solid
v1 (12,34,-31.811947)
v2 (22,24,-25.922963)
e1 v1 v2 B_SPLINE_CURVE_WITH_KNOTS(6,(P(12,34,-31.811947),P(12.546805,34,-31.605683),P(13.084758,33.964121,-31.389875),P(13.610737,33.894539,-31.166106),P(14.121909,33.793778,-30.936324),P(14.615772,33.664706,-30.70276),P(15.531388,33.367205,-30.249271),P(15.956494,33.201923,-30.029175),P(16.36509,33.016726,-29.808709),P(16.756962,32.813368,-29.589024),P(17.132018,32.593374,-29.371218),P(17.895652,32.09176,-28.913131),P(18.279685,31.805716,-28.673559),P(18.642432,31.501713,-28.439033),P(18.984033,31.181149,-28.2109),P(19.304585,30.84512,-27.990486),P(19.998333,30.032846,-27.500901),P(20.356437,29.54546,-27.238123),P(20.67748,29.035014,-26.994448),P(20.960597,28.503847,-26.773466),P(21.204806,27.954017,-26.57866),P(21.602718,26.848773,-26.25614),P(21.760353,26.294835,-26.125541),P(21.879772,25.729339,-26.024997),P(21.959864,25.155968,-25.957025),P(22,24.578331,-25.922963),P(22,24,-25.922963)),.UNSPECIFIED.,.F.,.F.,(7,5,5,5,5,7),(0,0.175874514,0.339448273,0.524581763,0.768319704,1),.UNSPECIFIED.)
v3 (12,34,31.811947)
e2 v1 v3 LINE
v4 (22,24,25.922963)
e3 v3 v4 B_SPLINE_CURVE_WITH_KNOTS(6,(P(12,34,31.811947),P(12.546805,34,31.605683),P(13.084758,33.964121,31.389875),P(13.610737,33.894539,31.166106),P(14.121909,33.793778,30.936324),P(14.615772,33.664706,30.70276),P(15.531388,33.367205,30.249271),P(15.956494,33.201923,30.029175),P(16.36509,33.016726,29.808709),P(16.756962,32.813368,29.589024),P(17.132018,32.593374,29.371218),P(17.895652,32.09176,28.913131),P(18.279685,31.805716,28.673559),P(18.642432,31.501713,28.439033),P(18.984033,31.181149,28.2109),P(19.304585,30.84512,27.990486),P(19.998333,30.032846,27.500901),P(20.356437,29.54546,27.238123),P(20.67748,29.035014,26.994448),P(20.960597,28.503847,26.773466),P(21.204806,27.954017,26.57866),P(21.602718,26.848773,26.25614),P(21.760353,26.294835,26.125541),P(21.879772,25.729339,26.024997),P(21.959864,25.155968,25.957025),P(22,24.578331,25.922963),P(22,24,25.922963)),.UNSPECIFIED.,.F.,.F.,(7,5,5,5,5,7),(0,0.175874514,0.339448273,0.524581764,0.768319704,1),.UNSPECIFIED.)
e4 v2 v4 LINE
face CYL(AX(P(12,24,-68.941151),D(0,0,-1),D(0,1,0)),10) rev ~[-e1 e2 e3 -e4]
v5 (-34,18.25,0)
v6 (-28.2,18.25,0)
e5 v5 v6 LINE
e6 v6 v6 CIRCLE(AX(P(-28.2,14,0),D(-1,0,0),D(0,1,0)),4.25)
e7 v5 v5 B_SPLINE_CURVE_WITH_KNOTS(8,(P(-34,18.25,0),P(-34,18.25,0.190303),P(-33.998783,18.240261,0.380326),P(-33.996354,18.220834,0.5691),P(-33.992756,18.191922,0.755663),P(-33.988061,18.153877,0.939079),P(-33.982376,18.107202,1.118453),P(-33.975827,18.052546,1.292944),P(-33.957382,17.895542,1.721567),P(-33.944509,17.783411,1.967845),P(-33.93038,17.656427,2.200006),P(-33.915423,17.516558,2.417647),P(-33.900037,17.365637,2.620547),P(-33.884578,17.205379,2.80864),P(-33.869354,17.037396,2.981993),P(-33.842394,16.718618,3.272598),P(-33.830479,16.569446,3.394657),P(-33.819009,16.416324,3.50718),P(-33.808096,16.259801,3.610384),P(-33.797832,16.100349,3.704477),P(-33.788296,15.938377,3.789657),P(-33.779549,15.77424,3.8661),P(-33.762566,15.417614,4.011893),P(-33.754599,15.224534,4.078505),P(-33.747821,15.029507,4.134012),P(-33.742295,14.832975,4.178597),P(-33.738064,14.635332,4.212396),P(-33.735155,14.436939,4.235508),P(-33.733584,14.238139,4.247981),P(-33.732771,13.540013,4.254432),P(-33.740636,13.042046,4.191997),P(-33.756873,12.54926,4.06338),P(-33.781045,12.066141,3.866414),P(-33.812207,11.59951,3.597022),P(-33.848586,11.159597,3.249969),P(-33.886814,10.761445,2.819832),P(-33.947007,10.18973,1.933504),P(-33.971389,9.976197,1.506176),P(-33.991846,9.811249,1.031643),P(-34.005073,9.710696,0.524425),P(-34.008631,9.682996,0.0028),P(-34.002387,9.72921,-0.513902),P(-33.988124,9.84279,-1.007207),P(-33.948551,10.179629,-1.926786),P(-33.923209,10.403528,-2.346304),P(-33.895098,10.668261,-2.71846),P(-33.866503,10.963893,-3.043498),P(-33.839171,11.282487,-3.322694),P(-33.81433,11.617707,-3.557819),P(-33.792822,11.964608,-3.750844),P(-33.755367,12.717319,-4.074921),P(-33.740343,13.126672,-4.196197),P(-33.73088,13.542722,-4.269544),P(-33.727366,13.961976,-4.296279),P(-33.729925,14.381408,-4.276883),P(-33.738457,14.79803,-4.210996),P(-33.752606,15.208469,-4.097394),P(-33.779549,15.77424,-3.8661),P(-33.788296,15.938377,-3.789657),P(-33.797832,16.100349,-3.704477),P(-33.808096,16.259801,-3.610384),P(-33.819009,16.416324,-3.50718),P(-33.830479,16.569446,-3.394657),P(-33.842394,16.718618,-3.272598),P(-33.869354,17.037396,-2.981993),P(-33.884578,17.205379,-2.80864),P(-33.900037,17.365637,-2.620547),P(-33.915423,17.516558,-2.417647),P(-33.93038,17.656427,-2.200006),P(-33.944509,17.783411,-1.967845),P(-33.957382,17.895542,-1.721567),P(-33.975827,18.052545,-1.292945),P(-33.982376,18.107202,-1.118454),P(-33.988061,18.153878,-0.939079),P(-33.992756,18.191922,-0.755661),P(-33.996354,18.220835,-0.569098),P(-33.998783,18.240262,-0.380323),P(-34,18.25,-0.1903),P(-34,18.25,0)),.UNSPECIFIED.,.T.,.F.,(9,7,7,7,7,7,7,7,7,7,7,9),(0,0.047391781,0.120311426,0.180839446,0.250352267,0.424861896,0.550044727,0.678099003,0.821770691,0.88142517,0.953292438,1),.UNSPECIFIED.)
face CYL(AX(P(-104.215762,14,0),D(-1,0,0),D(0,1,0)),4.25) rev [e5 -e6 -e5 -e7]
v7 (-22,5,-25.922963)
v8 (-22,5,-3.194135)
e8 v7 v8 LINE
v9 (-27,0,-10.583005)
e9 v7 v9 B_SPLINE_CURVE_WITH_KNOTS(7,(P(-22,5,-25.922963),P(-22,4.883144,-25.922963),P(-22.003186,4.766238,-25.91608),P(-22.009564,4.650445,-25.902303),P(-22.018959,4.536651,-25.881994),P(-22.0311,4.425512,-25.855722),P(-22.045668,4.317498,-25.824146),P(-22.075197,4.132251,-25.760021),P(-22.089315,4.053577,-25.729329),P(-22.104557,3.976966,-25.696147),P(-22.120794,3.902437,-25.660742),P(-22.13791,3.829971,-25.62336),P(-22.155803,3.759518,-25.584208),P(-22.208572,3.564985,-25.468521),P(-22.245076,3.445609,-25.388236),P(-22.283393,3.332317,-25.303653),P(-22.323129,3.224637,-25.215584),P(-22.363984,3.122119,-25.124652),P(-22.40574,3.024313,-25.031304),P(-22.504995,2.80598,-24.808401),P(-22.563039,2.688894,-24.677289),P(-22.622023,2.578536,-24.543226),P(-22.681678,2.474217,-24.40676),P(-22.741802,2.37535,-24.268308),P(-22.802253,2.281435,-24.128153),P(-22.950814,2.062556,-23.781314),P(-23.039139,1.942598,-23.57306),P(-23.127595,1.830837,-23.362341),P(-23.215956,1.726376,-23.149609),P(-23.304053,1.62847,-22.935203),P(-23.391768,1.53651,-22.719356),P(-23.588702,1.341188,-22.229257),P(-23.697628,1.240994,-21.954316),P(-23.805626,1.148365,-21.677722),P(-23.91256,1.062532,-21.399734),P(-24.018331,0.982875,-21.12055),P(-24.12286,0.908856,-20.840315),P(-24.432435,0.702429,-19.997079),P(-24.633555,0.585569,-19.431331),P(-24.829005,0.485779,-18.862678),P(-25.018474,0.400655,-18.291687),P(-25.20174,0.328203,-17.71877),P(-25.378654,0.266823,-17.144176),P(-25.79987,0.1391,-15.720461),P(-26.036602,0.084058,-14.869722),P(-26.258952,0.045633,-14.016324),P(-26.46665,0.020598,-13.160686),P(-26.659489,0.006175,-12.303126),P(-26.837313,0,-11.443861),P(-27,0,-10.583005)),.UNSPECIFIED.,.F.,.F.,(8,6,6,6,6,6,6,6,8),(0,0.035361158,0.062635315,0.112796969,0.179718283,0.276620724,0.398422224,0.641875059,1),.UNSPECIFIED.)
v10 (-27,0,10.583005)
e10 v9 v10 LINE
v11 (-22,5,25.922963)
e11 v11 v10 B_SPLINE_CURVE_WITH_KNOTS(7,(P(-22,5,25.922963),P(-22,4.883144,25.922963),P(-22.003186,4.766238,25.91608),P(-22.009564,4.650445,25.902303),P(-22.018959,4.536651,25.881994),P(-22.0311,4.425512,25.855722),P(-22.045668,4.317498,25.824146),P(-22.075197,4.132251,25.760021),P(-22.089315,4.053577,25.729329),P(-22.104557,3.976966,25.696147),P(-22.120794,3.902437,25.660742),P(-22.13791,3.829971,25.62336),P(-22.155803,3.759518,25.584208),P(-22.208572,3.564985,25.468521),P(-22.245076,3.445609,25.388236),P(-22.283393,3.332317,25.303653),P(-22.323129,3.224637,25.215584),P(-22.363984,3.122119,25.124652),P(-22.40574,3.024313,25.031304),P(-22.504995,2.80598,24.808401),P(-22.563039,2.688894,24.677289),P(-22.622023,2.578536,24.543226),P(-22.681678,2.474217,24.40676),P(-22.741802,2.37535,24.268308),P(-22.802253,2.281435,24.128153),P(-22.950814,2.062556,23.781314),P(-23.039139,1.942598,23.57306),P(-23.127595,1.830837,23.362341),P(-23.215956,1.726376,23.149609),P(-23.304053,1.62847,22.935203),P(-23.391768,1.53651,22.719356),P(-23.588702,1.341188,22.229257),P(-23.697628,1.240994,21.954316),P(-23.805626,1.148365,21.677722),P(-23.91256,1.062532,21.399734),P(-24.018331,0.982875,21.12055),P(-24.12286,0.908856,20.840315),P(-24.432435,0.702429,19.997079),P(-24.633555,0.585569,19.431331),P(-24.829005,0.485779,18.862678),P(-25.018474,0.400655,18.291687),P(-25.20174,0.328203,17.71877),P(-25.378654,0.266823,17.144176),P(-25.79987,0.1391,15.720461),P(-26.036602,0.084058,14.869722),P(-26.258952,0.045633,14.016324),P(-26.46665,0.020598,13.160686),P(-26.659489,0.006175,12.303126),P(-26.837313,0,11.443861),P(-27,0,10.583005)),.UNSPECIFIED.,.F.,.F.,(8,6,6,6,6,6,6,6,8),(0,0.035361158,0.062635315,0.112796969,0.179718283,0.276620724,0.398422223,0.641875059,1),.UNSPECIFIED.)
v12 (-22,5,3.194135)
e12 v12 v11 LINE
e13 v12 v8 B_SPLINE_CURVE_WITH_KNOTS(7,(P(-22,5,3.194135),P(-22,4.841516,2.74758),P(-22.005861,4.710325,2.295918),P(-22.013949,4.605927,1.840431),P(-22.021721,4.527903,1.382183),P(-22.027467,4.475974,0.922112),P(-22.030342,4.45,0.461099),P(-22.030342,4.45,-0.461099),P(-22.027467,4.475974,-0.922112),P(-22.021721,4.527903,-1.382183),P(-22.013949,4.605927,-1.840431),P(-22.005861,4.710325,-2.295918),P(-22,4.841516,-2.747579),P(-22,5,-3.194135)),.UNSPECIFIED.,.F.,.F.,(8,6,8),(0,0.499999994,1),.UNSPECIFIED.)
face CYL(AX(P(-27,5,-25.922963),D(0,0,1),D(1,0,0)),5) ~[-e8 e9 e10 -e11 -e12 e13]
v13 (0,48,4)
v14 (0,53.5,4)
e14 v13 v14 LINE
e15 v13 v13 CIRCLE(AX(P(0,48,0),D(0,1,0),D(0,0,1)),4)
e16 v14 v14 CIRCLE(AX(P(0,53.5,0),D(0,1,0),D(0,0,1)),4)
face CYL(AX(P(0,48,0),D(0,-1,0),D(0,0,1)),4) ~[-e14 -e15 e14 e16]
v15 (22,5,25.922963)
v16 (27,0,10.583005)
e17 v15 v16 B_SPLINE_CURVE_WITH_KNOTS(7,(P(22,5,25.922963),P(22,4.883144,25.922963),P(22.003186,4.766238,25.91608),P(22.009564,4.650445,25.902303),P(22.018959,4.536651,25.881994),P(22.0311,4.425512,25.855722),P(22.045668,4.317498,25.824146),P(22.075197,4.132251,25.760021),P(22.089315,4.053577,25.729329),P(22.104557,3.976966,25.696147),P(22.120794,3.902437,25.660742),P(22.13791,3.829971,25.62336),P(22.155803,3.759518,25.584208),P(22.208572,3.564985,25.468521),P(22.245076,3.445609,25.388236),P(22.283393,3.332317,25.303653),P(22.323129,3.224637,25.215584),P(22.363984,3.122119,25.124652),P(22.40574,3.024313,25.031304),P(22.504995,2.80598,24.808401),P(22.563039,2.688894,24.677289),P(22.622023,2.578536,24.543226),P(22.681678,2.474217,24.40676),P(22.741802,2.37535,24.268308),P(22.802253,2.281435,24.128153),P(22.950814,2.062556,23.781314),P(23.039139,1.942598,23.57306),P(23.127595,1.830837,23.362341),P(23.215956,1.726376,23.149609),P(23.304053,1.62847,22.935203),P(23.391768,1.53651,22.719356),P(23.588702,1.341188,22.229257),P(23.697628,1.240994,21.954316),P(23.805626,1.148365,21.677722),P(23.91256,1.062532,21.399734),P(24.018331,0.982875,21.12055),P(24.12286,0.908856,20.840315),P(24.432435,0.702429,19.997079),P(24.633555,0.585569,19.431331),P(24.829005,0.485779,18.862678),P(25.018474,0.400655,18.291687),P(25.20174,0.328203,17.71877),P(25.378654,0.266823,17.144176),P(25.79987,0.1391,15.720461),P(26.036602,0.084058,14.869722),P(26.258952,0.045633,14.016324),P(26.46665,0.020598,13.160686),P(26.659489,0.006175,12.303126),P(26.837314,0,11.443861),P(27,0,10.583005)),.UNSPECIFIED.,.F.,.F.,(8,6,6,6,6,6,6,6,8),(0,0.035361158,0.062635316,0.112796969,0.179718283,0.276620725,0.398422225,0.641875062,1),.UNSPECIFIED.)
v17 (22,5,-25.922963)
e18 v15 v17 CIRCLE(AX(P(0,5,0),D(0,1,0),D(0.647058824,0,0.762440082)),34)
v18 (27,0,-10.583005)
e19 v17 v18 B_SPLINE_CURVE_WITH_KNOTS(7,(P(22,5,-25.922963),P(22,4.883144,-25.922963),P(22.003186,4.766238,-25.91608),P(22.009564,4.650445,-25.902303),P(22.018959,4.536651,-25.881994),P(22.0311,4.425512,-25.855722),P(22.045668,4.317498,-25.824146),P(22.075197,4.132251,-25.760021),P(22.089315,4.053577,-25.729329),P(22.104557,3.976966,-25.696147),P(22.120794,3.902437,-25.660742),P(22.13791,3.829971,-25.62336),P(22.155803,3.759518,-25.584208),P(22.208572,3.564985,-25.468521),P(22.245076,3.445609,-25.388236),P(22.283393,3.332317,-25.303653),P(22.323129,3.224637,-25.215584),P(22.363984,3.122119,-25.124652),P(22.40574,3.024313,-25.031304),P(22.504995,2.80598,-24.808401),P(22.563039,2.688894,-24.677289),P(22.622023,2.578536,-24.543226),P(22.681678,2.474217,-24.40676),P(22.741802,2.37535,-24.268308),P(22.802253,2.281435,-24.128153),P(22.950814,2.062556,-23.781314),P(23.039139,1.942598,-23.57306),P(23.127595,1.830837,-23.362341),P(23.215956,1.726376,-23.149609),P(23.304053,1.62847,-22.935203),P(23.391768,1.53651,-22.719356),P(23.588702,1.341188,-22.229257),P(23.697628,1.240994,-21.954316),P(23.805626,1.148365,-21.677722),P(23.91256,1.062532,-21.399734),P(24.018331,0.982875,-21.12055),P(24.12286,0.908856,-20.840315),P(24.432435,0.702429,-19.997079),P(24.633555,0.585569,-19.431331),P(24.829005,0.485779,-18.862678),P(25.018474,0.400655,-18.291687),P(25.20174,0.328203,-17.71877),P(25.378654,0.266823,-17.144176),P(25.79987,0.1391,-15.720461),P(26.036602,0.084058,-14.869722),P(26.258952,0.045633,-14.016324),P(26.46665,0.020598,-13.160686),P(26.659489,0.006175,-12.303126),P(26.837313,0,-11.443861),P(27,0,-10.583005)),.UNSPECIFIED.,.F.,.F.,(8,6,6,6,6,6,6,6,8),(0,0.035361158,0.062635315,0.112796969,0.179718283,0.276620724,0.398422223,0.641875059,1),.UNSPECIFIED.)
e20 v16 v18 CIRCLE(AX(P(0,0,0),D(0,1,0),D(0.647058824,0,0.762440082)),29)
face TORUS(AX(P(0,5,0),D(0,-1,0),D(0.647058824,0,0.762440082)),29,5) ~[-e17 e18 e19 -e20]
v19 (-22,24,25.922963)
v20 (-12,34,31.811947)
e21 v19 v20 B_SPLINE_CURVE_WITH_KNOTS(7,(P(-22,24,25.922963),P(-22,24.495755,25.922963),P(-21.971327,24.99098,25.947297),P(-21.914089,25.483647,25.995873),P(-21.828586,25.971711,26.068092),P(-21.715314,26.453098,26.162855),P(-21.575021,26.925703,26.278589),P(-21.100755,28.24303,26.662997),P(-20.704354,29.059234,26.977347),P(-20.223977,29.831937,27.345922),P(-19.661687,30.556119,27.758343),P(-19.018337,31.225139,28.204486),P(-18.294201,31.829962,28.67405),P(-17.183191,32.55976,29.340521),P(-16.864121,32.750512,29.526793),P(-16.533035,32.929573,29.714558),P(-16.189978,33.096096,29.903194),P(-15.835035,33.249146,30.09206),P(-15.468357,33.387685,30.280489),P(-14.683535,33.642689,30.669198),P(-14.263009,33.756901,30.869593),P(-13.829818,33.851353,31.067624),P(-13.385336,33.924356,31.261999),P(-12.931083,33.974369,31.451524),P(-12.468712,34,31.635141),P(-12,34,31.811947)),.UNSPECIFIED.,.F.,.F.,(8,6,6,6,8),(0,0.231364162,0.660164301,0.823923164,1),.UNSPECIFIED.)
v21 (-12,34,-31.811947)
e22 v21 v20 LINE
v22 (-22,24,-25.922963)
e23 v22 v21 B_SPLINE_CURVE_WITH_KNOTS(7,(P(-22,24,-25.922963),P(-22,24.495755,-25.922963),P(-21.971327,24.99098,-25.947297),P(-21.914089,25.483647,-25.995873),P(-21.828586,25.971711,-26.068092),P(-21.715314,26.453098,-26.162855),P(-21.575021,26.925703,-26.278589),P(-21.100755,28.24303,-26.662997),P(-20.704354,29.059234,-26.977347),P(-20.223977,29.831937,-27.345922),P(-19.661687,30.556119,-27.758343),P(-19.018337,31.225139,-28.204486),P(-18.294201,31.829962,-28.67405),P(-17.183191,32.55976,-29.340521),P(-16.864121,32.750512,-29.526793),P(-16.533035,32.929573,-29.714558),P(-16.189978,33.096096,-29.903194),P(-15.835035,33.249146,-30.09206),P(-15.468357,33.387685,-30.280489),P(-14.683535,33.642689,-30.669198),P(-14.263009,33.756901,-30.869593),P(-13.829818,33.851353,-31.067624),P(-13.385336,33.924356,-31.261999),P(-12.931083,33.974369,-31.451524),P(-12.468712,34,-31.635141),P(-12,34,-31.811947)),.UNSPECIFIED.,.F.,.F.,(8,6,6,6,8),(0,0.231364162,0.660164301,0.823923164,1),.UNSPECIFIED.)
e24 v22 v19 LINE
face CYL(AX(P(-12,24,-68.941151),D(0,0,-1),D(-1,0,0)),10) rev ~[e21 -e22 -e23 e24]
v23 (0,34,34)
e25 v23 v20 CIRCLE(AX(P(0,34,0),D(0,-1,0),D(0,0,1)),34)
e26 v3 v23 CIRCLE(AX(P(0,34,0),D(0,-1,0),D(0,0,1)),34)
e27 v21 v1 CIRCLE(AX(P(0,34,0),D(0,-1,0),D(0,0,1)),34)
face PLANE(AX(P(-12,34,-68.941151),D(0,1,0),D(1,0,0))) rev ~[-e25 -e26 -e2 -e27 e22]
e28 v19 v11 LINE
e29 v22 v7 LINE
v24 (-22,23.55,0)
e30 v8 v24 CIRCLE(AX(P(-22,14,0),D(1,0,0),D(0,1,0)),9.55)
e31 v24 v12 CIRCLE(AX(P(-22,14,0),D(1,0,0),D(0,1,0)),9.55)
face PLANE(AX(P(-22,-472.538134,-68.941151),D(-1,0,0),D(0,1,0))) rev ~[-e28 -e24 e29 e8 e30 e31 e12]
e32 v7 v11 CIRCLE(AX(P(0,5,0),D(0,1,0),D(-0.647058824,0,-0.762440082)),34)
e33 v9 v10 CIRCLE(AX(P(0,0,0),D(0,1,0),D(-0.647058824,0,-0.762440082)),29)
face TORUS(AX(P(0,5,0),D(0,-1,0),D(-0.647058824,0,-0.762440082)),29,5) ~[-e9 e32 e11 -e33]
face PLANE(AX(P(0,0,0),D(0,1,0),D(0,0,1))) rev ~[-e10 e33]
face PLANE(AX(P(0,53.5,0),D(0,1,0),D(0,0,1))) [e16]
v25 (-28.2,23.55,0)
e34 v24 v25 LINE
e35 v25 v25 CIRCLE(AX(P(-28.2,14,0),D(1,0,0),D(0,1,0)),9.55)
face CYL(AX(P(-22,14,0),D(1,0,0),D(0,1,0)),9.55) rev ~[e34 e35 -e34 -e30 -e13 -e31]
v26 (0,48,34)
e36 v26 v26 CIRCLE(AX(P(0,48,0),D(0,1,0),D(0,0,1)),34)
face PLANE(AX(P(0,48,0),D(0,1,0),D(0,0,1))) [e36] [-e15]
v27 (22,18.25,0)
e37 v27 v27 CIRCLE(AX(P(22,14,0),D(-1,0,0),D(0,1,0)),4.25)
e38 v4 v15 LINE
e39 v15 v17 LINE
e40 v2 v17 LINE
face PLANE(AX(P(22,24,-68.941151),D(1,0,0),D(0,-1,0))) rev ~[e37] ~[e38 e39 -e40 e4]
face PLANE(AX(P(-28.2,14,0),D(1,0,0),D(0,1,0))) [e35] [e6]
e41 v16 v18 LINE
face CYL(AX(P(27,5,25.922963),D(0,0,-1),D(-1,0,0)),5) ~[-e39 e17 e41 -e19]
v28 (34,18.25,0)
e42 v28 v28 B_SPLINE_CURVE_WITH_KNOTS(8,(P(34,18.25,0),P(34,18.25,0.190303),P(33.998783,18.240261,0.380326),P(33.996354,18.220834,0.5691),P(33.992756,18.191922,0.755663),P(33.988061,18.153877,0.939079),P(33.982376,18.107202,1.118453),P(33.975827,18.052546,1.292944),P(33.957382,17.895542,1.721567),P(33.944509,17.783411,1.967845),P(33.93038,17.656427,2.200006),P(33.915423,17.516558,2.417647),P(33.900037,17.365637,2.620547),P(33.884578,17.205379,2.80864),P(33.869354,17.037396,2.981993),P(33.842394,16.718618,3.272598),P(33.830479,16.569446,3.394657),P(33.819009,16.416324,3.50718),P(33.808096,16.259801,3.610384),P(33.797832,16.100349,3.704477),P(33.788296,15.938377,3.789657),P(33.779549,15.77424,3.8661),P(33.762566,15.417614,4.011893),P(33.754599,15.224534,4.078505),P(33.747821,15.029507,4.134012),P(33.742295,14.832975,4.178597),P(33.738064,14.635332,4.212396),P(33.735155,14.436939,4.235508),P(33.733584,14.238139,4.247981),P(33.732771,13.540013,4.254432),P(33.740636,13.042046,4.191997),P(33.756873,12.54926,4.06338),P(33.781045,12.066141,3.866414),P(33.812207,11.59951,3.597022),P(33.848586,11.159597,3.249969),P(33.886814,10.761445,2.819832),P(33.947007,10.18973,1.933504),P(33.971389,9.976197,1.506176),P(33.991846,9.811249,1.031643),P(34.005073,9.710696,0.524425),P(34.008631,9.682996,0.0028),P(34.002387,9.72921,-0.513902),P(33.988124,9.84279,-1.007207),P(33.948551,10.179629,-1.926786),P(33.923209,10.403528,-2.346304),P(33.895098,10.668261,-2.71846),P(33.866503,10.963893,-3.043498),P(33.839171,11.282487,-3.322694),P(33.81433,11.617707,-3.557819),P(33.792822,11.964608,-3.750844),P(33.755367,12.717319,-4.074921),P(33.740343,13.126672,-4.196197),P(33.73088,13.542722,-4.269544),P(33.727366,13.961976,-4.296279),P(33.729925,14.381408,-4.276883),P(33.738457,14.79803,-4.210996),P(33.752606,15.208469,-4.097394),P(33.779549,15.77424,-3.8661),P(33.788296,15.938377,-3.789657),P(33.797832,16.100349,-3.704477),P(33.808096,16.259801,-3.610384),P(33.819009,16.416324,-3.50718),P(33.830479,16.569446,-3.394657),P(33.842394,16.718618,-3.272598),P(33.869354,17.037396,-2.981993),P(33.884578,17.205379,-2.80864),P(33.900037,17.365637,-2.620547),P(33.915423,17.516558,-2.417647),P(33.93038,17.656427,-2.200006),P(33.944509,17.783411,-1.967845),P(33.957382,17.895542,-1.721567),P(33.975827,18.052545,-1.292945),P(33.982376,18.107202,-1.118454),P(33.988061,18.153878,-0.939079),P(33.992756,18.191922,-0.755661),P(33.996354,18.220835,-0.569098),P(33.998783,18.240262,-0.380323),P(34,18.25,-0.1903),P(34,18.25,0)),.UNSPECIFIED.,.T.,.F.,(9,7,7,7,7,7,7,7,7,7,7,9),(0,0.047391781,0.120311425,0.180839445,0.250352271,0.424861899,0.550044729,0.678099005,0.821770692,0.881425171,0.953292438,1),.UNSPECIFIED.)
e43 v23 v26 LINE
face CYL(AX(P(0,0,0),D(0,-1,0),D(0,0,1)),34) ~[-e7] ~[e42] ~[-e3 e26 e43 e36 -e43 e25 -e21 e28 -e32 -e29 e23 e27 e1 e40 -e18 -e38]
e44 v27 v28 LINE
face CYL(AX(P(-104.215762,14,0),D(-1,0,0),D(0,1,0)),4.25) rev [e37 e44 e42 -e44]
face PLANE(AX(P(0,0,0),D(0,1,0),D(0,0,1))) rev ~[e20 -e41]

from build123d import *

# Parameters (mm, degrees)
SKETCH1_R               = 34
BOSS_EXTRUDE1_DEPTH     = 48
CUT_EXTRUDE1_DEPTH      = 68.941151006
CUT_EXTRUDE1_DEPTH_BACK = 68.941151006
FILLET6_R               = 5
CUT_EXTRUDE2_DEPTH      = 82.215762187
CUT_EXTRUDE2_DEPTH_BACK = 82.215762187
SKETCH5_R               = 4.25
SKETCH6_R               = 9.55
CUT_EXTRUDE3_DEPTH      = 6.2
SKETCH7_R               = 4
BOSS_EXTRUDE2_DEPTH     = 5.5


with BuildPart() as part:
    # Sketch1 → Boss-Extrude1 (new body)
    with BuildSketch(Plane(origin=(0, 0, 0), x_dir=(1, 0, 0), z_dir=(0, 1, 0))):
        with Locations(Location((0, 0, 0), (0, 0, 270))):
            Circle(SKETCH1_R)
    extrude(amount=BOSS_EXTRUDE1_DEPTH)

    # Sketch3 → Cut-Extrude1 (cut, two sides: drawn at the far end of the back side and taken through both)
    with BuildSketch(Plane.XY.offset(-CUT_EXTRUDE1_DEPTH_BACK)):
        with BuildLine():
            Line((-22, -157.512711317), (-22, 0))
            Line((-22, 0), (-22, 24))
            ThreePointArc((-22, 24), (-19.071067812, 31.071067812), (-12, 34))
            Line((-12, 34), (12, 34))
            ThreePointArc((12, 34), (19.071067812, 31.071067812), (22, 24))
            Line((22, 24), (22, 0))
            Line((22, 0), (22, -157.512711317))
            Line((22, -157.512711317), (22, -472.53813395))
            Line((22, -472.53813395), (-22, -472.53813395))
            Line((-22, -472.53813395), (-22, -157.512711317))
        make_face()
    extrude(amount=CUT_EXTRUDE1_DEPTH + CUT_EXTRUDE1_DEPTH_BACK, mode=Mode.SUBTRACT)

    # Fillet6
    fillet6_edges = [part.edges().sort_by_distance(p)[0] for p in [
        (34, 0, 0),
        (-34, 0, 0),
        (-22, 0, 0),
        (22, 0, 0),
    ]]
    fillet(fillet6_edges, radius=FILLET6_R)

    # Sketch5 → Cut-Extrude2 (cut, two sides: drawn at the far end of the back side and taken through both)
    with BuildSketch(Plane(origin=(-22, 0, 0), x_dir=(0, 0, -1), z_dir=(1, 0, 0)).offset(-CUT_EXTRUDE2_DEPTH_BACK)):
        with Locations(Location((0, 14, 0), (0, 0, 90))):
            Circle(SKETCH5_R)
    extrude(amount=CUT_EXTRUDE2_DEPTH + CUT_EXTRUDE2_DEPTH_BACK, mode=Mode.SUBTRACT)

    # Sketch6 → Cut-Extrude3 (cut)
    with BuildSketch(Plane(origin=(-22, 0, 0), x_dir=(0, 0, -1), z_dir=(1, 0, 0))):
        with Locations(Location((0, 14, 0), (0, 0, 90))):
            Circle(SKETCH6_R)
    extrude(amount=-CUT_EXTRUDE3_DEPTH, mode=Mode.SUBTRACT)

    # Sketch7 → Boss-Extrude2 (add)
    with BuildSketch(Plane(origin=(0, 48, 0), x_dir=(1, 0, 0), z_dir=(0, 1, 0))):
        with Locations(Location((0, 0, 0), (0, 0, 270))):
            Circle(SKETCH7_R)
    extrude(amount=BOSS_EXTRUDE2_DEPTH)


solid = part.part
